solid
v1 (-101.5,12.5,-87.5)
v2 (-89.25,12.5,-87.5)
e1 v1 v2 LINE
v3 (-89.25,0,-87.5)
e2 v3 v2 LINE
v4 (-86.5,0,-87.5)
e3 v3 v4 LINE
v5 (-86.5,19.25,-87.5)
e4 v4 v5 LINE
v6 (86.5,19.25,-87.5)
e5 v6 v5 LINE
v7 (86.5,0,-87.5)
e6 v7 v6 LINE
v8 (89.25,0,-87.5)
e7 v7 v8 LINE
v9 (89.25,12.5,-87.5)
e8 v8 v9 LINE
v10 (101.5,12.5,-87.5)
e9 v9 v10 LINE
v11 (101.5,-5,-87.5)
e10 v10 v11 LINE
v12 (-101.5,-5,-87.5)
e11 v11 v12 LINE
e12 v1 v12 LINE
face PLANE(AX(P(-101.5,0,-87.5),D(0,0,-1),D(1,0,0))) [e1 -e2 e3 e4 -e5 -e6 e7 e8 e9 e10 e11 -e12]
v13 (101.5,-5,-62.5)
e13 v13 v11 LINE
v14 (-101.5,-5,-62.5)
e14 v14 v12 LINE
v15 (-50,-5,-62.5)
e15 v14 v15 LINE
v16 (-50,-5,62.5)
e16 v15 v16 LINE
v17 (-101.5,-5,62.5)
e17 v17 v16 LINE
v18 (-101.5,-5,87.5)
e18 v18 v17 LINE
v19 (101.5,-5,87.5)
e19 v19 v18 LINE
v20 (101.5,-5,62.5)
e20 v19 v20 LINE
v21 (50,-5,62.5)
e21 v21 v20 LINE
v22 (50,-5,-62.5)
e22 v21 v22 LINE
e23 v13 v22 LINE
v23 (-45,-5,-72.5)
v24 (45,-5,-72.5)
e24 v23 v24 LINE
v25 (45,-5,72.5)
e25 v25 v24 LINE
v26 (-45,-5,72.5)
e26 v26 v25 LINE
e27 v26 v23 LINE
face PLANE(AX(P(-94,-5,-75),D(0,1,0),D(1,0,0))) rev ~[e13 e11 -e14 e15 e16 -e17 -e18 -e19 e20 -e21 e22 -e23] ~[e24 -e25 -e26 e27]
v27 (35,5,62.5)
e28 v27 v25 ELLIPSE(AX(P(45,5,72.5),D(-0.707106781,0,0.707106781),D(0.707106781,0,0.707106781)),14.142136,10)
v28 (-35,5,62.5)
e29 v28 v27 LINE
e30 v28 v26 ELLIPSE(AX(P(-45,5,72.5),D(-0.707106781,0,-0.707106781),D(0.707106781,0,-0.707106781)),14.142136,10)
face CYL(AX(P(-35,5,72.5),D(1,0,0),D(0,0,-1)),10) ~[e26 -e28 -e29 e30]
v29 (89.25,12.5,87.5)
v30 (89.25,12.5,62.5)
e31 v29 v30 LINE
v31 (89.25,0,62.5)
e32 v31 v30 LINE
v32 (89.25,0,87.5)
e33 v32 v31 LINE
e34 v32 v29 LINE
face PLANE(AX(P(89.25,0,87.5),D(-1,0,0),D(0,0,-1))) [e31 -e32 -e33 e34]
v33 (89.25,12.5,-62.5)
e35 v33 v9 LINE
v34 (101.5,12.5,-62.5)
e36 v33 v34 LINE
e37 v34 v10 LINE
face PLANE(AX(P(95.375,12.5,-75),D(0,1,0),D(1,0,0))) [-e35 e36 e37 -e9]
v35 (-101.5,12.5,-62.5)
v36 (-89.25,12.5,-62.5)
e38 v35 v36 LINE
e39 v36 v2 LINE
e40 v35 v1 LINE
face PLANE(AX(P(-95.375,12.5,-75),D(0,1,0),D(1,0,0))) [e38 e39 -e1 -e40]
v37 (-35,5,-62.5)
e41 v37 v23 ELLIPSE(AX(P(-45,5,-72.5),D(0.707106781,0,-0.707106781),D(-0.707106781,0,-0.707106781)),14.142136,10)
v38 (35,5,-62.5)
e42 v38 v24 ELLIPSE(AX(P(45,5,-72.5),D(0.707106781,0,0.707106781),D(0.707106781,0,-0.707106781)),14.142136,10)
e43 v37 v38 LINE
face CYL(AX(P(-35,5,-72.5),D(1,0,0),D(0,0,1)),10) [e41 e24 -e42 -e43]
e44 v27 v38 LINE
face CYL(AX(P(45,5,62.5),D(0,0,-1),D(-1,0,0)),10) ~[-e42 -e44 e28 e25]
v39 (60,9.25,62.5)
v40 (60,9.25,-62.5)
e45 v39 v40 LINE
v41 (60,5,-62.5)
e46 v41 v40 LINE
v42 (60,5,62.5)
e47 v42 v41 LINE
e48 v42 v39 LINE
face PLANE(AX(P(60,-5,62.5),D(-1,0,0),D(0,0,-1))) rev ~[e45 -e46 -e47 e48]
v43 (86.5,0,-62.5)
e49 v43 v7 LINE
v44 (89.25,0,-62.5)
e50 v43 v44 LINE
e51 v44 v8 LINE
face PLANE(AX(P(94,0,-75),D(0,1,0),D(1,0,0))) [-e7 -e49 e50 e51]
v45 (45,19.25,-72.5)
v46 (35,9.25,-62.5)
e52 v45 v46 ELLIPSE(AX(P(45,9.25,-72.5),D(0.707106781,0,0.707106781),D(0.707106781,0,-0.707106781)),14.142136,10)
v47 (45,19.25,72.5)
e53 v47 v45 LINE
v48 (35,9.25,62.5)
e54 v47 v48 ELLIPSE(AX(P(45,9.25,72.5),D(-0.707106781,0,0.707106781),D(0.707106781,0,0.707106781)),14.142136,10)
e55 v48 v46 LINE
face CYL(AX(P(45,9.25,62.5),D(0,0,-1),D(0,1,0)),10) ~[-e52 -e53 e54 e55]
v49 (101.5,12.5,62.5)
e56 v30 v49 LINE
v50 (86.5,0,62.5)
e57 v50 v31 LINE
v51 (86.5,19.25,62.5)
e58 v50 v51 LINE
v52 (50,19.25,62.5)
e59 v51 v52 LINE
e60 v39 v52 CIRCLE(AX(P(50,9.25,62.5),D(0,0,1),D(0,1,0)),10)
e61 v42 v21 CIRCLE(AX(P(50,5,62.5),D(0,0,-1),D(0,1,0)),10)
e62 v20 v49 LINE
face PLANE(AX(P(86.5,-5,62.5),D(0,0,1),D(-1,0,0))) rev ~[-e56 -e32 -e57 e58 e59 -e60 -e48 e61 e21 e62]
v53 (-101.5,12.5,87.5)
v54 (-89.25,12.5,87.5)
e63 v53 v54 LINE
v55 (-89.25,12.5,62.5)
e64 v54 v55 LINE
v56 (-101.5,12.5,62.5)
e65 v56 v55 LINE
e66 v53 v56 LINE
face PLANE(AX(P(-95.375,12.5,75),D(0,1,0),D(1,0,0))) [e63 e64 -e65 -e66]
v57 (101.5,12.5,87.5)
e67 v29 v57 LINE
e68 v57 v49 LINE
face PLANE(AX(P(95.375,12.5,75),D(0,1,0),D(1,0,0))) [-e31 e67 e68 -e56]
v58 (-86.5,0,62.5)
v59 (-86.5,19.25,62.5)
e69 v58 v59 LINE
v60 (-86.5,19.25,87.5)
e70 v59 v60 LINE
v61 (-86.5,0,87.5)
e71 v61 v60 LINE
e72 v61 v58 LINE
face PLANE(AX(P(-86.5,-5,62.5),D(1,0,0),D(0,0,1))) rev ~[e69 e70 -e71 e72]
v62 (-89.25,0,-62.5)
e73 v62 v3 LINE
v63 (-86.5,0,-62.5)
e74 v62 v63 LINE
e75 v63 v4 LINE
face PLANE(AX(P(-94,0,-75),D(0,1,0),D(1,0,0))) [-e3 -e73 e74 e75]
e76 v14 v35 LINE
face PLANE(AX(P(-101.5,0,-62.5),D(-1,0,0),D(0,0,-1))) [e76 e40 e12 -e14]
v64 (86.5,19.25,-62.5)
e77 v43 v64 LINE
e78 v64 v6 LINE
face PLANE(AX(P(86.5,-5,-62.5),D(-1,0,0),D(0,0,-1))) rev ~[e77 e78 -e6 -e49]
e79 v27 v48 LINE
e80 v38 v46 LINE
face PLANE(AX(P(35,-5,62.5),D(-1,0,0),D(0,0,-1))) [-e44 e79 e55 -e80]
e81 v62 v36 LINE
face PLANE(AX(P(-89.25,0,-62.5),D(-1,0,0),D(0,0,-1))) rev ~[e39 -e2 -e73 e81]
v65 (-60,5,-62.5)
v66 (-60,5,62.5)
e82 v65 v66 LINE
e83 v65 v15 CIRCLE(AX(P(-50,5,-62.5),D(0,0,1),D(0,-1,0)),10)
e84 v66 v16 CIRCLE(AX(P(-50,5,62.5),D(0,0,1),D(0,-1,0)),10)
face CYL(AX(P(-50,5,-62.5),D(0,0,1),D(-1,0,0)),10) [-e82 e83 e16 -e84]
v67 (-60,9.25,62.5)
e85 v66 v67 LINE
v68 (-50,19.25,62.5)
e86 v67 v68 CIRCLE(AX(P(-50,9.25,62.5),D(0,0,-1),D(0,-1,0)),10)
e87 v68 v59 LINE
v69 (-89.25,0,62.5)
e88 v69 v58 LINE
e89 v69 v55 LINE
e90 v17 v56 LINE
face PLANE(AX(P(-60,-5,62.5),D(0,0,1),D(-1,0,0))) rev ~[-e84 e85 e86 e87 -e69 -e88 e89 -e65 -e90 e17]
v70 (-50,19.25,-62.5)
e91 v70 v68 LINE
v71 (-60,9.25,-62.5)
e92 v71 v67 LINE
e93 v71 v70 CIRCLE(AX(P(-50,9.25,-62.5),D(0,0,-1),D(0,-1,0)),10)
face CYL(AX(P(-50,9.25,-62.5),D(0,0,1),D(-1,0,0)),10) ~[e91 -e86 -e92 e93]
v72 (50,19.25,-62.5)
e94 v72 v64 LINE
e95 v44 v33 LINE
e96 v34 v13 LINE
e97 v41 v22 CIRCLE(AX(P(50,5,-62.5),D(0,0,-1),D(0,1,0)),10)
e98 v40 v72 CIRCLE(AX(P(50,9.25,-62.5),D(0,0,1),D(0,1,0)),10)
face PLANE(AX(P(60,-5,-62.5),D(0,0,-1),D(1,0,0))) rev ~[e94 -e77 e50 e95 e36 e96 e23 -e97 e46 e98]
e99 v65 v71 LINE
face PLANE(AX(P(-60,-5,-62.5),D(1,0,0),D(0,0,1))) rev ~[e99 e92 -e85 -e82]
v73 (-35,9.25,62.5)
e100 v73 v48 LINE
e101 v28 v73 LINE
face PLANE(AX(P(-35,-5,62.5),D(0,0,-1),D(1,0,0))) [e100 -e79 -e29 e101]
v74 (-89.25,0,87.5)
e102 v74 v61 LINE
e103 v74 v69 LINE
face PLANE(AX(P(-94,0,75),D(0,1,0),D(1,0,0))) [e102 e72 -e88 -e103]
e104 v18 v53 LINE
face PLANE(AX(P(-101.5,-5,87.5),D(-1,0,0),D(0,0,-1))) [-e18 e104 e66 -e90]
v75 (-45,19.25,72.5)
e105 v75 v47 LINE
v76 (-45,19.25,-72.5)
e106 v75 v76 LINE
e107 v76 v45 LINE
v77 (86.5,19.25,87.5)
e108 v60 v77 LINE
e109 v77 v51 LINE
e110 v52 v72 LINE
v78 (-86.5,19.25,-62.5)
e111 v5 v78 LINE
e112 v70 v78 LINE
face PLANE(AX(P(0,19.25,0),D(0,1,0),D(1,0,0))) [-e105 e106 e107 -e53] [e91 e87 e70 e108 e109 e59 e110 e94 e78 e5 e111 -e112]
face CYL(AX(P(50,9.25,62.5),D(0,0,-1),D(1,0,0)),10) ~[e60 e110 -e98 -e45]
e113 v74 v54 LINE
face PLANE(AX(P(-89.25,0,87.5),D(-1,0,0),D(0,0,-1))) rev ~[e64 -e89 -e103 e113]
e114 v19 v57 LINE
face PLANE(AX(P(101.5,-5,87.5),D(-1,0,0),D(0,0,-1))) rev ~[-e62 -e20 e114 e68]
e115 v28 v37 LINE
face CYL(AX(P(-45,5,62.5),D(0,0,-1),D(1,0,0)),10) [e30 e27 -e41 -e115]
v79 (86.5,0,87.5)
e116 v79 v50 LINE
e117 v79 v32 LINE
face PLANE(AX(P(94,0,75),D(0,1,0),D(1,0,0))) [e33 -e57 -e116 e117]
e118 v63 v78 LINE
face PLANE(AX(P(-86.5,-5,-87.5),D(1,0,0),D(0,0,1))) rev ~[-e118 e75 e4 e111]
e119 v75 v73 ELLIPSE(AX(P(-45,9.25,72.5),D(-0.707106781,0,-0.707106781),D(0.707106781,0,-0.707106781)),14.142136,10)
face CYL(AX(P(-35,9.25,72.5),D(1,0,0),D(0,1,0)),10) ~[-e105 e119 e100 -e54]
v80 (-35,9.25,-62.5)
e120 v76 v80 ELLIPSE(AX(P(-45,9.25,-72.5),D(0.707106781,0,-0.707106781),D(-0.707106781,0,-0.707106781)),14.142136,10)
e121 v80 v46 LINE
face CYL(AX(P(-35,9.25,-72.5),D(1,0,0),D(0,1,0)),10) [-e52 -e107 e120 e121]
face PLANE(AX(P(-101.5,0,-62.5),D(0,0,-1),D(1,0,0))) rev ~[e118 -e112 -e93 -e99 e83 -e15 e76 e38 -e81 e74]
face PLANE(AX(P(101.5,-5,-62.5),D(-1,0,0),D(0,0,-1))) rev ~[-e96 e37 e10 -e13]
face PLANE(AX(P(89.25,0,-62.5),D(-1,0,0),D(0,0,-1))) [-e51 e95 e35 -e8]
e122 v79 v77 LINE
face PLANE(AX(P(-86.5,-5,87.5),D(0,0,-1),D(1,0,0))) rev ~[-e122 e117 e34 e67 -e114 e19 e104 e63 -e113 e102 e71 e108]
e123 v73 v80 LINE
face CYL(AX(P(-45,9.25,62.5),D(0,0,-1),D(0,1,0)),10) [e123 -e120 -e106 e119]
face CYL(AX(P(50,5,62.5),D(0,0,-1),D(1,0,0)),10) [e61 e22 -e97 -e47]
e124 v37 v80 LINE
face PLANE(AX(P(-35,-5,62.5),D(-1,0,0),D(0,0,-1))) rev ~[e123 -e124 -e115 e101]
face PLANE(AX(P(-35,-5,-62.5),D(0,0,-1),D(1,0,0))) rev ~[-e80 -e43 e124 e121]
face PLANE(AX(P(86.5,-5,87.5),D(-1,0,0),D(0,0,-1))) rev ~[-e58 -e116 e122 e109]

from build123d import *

# Parameters (mm, degrees)
BOSS_EXTRUDE1_DEPTH      = 19.25
BOSS_EXTRUDE1_DEPTH_BACK = 5
SKETCH1_W                = 70
SKETCH1_H                = 125
SKETCH2_W                = 15
SKETCH2_H                = 25
BOSS_EXTRUDE2_DEPTH      = 5
SKETCH3_W                = 12.25
SKETCH3_H                = 25
BOSS_EXTRUDE3_DEPTH      = 12.5
FILLET1_R                = 10


with BuildPart() as part:
    # Sketch1 → Boss-Extrude1 (new, two sides: drawn at the far end of the back side and taken through both)
    with BuildSketch(Plane(origin=(0, 0, 0), x_dir=(1, 0, 0), z_dir=(0, 1, 0)).offset(-BOSS_EXTRUDE1_DEPTH_BACK)):
        Polygon((-60, 62.5), (-60, -62.5), (-86.5, -62.5), (-86.5, -87.5), (86.5, -87.5), (86.5, -62.5), (60, -62.5), (60, 62.5), (86.5, 62.5), (86.5, 87.5), (-86.5, 87.5), (-86.5, 62.5), align=None)
        Rectangle(SKETCH1_W, SKETCH1_H, mode=Mode.SUBTRACT)
    extrude(amount=BOSS_EXTRUDE1_DEPTH + BOSS_EXTRUDE1_DEPTH_BACK)

    # Sketch2 → Boss-Extrude2 (add)
    with BuildSketch(Plane(origin=(0, -5, 0), x_dir=(1, 0, 0), z_dir=(0, 1, 0))):
        with Locations((-94, 75)):
            Rectangle(SKETCH2_W, SKETCH2_H)
        with Locations((94, 75)):
            Rectangle(SKETCH2_W, SKETCH2_H)
        with Locations((-94, -75)):
            Rectangle(SKETCH2_W, SKETCH2_H)
        with Locations((94, -75)):
            Rectangle(SKETCH2_W, SKETCH2_H)
    extrude(amount=BOSS_EXTRUDE2_DEPTH)

    # Sketch3 → Boss-Extrude3 (add)
    with BuildSketch(Plane(origin=(0, 0, 0), x_dir=(1, 0, 0), z_dir=(0, 1, 0))):
        with Locations((-95.375, 75)):
            Rectangle(SKETCH3_W, SKETCH3_H)
        with Locations((95.375, 75)):
            Rectangle(SKETCH3_W, SKETCH3_H)
        with Locations((-95.375, -75)):
            Rectangle(SKETCH3_W, SKETCH3_H)
        with Locations((95.375, -75)):
            Rectangle(SKETCH3_W, SKETCH3_H)
    extrude(amount=BOSS_EXTRUDE3_DEPTH)

    # Fillet1
    fillet1_edges = [part.edges().sort_by_distance(p)[0] for p in [
        (0, 19.25, 62.5),
        (60, 19.25, 0),
        (35, 19.25, 0),
        (-60, 19.25, 0),
        (-35, 19.25, 0),
        (0, 19.25, -62.5),
        (0, -5, 62.5),
        (-35, -5, 0),
        (0, -5, -62.5),
        (35, -5, 0),
        (60, -5, 0),
        (-60, -5, 0),
    ]]
    fillet(fillet1_edges, radius=FILLET1_R)


solid = part.part
